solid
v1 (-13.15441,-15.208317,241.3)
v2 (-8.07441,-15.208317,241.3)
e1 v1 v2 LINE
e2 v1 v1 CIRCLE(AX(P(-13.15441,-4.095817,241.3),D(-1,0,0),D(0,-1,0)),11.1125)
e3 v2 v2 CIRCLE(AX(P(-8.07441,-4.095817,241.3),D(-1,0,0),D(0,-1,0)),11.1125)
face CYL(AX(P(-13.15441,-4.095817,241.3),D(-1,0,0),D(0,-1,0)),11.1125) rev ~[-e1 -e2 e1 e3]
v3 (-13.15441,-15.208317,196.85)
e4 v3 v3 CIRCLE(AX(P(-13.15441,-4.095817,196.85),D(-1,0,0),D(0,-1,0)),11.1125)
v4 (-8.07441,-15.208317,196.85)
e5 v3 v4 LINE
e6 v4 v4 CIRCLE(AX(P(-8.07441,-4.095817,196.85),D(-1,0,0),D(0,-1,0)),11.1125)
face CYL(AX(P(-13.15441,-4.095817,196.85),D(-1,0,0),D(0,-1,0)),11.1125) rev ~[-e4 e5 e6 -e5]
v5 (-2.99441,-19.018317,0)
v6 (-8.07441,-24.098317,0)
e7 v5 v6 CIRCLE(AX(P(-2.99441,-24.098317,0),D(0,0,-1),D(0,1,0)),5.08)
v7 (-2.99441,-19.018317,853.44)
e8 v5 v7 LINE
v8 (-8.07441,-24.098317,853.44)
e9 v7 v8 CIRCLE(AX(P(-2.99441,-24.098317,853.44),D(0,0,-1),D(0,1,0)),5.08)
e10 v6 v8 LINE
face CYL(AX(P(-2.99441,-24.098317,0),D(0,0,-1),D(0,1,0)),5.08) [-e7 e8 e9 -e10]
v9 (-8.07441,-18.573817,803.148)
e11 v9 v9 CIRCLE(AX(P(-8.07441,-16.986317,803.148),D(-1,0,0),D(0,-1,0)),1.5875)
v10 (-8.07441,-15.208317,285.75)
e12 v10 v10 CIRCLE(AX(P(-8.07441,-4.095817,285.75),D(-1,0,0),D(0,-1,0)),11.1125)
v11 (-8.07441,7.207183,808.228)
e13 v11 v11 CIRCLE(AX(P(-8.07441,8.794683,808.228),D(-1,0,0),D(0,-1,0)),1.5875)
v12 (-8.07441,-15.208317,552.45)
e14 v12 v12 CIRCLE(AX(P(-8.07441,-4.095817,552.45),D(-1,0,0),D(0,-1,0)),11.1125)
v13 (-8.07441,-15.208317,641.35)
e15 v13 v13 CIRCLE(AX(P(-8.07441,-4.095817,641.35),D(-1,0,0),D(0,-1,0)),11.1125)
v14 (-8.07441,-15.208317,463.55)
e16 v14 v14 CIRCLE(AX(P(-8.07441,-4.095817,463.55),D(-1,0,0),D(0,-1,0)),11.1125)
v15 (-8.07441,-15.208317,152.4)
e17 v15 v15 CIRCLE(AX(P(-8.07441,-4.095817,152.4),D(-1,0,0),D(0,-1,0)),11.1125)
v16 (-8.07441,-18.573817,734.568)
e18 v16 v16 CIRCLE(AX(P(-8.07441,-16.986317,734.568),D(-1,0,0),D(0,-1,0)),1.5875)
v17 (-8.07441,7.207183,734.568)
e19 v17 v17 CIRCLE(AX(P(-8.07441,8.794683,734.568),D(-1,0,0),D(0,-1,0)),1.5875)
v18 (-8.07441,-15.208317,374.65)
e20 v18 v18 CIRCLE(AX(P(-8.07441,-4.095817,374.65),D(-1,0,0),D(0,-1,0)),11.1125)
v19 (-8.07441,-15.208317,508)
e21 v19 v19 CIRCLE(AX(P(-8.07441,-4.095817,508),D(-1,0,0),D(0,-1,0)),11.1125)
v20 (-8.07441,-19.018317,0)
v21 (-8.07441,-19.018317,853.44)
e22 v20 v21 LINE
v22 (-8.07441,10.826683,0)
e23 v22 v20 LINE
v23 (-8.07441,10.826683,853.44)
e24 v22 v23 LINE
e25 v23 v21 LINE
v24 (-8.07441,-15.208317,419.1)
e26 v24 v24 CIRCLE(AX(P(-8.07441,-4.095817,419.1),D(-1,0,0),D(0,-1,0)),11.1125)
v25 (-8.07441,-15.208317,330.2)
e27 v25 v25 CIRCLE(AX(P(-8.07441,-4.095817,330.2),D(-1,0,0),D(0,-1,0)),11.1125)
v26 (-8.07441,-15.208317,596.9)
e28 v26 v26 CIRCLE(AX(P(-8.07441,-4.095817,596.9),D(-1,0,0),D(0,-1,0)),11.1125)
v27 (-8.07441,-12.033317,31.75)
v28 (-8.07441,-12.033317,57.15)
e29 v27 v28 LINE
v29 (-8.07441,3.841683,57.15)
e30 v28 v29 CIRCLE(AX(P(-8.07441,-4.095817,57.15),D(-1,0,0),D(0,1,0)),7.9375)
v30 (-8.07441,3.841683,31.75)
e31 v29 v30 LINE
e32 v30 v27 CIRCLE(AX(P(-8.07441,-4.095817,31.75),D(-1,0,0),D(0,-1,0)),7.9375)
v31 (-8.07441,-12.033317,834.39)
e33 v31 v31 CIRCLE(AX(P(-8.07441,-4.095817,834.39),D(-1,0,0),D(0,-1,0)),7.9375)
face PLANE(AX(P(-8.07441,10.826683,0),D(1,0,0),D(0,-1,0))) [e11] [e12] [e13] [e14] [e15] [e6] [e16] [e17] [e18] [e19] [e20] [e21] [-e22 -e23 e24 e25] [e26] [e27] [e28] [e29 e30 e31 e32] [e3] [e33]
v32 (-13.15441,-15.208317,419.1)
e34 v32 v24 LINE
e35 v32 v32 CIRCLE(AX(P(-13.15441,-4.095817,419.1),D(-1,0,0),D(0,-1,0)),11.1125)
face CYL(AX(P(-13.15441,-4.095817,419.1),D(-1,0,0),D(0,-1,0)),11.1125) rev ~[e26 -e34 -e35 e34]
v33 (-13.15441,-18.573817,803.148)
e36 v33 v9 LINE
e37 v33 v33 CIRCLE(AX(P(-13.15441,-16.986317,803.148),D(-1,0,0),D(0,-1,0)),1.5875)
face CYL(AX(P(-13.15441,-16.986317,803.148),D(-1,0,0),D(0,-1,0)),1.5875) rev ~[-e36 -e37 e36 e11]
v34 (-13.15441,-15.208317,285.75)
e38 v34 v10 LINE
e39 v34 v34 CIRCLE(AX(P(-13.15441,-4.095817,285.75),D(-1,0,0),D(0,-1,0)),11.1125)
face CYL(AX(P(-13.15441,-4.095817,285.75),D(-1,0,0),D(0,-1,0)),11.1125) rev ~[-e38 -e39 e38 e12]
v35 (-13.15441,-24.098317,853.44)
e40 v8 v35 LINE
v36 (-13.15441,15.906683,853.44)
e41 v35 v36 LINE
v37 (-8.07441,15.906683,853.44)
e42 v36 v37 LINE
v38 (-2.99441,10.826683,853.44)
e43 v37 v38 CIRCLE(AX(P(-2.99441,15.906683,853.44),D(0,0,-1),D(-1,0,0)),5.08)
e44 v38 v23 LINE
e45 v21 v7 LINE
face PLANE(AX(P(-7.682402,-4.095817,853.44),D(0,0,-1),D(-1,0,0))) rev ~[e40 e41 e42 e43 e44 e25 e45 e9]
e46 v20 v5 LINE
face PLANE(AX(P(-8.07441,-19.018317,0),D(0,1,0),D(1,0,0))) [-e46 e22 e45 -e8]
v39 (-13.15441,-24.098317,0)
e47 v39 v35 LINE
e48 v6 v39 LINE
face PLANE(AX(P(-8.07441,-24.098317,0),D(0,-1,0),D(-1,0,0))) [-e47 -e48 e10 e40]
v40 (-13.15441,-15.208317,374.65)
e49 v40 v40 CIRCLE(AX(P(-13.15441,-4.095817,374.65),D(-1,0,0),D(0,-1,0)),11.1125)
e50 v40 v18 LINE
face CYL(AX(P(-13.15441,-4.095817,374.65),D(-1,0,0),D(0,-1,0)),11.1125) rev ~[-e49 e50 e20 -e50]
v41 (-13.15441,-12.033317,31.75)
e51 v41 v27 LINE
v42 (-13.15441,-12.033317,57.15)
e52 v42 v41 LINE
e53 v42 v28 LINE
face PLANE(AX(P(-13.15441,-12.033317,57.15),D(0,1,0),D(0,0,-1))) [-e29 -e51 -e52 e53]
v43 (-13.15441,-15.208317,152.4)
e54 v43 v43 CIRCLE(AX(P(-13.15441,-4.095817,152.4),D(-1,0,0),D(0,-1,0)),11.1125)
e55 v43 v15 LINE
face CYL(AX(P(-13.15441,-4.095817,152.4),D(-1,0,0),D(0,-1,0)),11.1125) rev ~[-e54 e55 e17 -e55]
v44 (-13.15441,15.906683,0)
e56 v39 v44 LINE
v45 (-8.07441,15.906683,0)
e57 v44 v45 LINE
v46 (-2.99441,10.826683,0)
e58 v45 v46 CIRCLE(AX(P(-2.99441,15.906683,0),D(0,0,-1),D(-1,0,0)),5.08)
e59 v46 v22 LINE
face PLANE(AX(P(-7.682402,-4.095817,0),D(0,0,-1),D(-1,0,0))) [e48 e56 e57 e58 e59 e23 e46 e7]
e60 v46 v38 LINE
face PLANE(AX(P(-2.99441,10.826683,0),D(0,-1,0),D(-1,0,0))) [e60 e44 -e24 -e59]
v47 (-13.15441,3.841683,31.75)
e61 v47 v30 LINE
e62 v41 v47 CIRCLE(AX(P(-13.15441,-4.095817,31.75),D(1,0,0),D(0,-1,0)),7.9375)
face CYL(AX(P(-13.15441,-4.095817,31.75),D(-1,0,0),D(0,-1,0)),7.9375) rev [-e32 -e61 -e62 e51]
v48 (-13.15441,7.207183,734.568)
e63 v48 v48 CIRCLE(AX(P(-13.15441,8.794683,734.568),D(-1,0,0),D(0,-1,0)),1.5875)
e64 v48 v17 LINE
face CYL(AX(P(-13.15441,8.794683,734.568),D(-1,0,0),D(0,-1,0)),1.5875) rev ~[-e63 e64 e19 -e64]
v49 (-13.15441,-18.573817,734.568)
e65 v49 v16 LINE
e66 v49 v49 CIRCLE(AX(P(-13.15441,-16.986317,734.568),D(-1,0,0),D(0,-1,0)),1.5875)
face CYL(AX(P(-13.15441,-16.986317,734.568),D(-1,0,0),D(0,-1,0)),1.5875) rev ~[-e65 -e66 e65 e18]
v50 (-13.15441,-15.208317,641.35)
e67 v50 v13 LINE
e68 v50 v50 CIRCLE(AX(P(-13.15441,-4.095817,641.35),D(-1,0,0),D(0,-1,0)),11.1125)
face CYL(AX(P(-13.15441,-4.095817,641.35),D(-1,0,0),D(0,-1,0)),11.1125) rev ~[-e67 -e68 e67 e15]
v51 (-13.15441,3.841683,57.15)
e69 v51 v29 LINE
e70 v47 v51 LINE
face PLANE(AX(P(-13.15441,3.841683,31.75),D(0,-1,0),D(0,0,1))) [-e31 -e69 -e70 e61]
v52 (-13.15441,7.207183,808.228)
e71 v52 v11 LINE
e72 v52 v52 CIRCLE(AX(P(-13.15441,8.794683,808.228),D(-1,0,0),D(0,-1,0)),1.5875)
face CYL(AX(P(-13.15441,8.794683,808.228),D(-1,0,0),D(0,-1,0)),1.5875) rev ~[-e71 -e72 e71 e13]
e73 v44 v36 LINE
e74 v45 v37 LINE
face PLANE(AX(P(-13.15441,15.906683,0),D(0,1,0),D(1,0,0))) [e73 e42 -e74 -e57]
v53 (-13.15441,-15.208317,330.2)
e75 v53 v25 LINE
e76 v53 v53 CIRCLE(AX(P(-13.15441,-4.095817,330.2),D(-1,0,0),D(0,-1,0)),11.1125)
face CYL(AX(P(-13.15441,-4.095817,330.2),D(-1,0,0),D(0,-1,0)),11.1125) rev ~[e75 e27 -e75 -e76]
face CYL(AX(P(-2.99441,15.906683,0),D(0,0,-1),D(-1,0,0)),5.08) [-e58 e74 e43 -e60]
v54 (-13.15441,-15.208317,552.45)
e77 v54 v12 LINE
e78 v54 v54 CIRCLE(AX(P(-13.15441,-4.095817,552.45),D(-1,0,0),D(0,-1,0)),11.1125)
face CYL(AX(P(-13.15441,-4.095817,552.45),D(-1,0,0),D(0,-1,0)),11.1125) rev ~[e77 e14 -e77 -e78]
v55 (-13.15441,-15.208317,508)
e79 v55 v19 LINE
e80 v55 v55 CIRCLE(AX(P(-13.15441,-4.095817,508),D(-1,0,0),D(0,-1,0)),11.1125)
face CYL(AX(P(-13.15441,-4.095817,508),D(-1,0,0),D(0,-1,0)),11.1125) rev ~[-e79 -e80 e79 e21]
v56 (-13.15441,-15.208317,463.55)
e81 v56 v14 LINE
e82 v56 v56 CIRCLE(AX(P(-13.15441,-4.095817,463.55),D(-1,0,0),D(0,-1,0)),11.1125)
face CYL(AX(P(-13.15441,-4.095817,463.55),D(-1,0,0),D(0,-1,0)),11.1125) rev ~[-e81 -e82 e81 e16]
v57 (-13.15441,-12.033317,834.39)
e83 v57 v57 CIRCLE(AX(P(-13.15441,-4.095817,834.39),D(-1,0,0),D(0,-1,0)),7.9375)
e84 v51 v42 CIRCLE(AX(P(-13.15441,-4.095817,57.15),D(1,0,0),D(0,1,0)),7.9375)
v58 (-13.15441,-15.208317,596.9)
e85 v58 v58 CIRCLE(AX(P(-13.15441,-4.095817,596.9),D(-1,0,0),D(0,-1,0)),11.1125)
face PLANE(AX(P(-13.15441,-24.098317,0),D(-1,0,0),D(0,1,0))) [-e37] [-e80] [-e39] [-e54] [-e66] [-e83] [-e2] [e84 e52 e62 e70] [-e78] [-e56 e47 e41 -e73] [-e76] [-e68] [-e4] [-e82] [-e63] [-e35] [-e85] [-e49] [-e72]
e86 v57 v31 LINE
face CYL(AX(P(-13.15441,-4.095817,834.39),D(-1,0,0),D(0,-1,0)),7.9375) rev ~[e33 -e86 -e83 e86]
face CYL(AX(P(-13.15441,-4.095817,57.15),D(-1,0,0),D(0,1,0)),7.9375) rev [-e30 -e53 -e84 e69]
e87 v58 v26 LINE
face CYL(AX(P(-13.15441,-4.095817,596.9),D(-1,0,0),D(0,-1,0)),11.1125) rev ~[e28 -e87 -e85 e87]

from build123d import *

# Parameters (mm, degrees)
BOSS_EXTRUDE1_DEPTH = 853.44
SKETCH2_R           = 11.1125
CUT_EXTRUDE1_DEPTH  = 25.4
LPATTERN1_COUNT     = 12
LPATTERN1_PITCH     = 44.45
SKETCH3_R           = 7.9375
CUT_EXTRUDE2_DEPTH  = 25.4
SKETCH5_R           = 1.5875
CUT_EXTRUDE3_DEPTH  = 12.7


with BuildPart() as part:
    # Sketch1 → Boss-Extrude1 (new body)
    with BuildSketch(Plane.XY):
        with BuildLine():
            Line((-13.154409933, 15.906683314), (-8.074409933, 15.906683314))
            ThreePointArc((-8.074409933, 15.906683314), (0.597692516, 19.498785762), (-2.994409933, 10.826683314))
            Line((-2.994409933, 10.826683314), (-8.074409933, 10.826683314))
            Line((-8.074409933, 10.826683314), (-8.074409933, -19.018316686))
            Line((-8.074409933, -19.018316686), (-2.994409933, -19.018316686))
            ThreePointArc((-2.994409933, -19.018316686), (0.597692516, -27.690419135), (-8.074409933, -24.098316686))
            Line((-8.074409933, -24.098316686), (-13.154409933, -24.098316686))
            Line((-13.154409933, -24.098316686), (-13.154409933, 15.906683314))
        make_face()
    extrude(amount=BOSS_EXTRUDE1_DEPTH)

    # Sketch2 → Cut-Extrude1 (cut)
    with BuildSketch(Plane.ZY.offset(13.154409933)):
        with Locations(Location((152.4, -4.095816686, 0), (0, 0, 270))):
            Circle(SKETCH2_R)
    cut_extrude1 = extrude(amount=-CUT_EXTRUDE1_DEPTH, mode=Mode.SUBTRACT)

    # LPattern1: Cut-Extrude1 ×12
    with Locations(*[(0, 0, i * LPATTERN1_PITCH) for i in range(1, LPATTERN1_COUNT)]):
        add(cut_extrude1, mode=Mode.SUBTRACT)

    # Sketch3 → Cut-Extrude2 (cut)
    with BuildSketch(Plane.ZY.offset(13.154409933)):
        with Locations(Location((834.39, -4.095816686, 0), (0, 0, 270))):
            Circle(SKETCH3_R)
        with BuildLine():
            Line((31.75, 3.841683314), (57.15, 3.841683314))
            ThreePointArc((57.15, 3.841683314), (65.0875, -4.095816686), (57.15, -12.033316686))
            Line((57.15, -12.033316686), (31.75, -12.033316686))
            ThreePointArc((31.75, -12.033316686), (23.8125, -4.095816686), (31.75, 3.841683314))
        make_face()
    extrude(amount=-CUT_EXTRUDE2_DEPTH, mode=Mode.SUBTRACT)

    # Sketch5 → Cut-Extrude3 (cut)
    with BuildSketch(Plane.ZY.offset(13.154409933)):
        with Locations(Location((734.568, 8.794683314, 0), (0, 0, 270))):
            Circle(SKETCH5_R)
        with Locations(Location((808.228, 8.794683314, 0), (0, 0, 270))):
            Circle(SKETCH5_R)
        with Locations(Location((803.148, -16.986316686, 0), (0, 0, 270))):
            Circle(SKETCH5_R)
        with Locations(Location((734.568, -16.986316686, 0), (0, 0, 270))):
            Circle(SKETCH5_R)
    extrude(amount=-CUT_EXTRUDE3_DEPTH, mode=Mode.SUBTRACT)


solid = part.part
